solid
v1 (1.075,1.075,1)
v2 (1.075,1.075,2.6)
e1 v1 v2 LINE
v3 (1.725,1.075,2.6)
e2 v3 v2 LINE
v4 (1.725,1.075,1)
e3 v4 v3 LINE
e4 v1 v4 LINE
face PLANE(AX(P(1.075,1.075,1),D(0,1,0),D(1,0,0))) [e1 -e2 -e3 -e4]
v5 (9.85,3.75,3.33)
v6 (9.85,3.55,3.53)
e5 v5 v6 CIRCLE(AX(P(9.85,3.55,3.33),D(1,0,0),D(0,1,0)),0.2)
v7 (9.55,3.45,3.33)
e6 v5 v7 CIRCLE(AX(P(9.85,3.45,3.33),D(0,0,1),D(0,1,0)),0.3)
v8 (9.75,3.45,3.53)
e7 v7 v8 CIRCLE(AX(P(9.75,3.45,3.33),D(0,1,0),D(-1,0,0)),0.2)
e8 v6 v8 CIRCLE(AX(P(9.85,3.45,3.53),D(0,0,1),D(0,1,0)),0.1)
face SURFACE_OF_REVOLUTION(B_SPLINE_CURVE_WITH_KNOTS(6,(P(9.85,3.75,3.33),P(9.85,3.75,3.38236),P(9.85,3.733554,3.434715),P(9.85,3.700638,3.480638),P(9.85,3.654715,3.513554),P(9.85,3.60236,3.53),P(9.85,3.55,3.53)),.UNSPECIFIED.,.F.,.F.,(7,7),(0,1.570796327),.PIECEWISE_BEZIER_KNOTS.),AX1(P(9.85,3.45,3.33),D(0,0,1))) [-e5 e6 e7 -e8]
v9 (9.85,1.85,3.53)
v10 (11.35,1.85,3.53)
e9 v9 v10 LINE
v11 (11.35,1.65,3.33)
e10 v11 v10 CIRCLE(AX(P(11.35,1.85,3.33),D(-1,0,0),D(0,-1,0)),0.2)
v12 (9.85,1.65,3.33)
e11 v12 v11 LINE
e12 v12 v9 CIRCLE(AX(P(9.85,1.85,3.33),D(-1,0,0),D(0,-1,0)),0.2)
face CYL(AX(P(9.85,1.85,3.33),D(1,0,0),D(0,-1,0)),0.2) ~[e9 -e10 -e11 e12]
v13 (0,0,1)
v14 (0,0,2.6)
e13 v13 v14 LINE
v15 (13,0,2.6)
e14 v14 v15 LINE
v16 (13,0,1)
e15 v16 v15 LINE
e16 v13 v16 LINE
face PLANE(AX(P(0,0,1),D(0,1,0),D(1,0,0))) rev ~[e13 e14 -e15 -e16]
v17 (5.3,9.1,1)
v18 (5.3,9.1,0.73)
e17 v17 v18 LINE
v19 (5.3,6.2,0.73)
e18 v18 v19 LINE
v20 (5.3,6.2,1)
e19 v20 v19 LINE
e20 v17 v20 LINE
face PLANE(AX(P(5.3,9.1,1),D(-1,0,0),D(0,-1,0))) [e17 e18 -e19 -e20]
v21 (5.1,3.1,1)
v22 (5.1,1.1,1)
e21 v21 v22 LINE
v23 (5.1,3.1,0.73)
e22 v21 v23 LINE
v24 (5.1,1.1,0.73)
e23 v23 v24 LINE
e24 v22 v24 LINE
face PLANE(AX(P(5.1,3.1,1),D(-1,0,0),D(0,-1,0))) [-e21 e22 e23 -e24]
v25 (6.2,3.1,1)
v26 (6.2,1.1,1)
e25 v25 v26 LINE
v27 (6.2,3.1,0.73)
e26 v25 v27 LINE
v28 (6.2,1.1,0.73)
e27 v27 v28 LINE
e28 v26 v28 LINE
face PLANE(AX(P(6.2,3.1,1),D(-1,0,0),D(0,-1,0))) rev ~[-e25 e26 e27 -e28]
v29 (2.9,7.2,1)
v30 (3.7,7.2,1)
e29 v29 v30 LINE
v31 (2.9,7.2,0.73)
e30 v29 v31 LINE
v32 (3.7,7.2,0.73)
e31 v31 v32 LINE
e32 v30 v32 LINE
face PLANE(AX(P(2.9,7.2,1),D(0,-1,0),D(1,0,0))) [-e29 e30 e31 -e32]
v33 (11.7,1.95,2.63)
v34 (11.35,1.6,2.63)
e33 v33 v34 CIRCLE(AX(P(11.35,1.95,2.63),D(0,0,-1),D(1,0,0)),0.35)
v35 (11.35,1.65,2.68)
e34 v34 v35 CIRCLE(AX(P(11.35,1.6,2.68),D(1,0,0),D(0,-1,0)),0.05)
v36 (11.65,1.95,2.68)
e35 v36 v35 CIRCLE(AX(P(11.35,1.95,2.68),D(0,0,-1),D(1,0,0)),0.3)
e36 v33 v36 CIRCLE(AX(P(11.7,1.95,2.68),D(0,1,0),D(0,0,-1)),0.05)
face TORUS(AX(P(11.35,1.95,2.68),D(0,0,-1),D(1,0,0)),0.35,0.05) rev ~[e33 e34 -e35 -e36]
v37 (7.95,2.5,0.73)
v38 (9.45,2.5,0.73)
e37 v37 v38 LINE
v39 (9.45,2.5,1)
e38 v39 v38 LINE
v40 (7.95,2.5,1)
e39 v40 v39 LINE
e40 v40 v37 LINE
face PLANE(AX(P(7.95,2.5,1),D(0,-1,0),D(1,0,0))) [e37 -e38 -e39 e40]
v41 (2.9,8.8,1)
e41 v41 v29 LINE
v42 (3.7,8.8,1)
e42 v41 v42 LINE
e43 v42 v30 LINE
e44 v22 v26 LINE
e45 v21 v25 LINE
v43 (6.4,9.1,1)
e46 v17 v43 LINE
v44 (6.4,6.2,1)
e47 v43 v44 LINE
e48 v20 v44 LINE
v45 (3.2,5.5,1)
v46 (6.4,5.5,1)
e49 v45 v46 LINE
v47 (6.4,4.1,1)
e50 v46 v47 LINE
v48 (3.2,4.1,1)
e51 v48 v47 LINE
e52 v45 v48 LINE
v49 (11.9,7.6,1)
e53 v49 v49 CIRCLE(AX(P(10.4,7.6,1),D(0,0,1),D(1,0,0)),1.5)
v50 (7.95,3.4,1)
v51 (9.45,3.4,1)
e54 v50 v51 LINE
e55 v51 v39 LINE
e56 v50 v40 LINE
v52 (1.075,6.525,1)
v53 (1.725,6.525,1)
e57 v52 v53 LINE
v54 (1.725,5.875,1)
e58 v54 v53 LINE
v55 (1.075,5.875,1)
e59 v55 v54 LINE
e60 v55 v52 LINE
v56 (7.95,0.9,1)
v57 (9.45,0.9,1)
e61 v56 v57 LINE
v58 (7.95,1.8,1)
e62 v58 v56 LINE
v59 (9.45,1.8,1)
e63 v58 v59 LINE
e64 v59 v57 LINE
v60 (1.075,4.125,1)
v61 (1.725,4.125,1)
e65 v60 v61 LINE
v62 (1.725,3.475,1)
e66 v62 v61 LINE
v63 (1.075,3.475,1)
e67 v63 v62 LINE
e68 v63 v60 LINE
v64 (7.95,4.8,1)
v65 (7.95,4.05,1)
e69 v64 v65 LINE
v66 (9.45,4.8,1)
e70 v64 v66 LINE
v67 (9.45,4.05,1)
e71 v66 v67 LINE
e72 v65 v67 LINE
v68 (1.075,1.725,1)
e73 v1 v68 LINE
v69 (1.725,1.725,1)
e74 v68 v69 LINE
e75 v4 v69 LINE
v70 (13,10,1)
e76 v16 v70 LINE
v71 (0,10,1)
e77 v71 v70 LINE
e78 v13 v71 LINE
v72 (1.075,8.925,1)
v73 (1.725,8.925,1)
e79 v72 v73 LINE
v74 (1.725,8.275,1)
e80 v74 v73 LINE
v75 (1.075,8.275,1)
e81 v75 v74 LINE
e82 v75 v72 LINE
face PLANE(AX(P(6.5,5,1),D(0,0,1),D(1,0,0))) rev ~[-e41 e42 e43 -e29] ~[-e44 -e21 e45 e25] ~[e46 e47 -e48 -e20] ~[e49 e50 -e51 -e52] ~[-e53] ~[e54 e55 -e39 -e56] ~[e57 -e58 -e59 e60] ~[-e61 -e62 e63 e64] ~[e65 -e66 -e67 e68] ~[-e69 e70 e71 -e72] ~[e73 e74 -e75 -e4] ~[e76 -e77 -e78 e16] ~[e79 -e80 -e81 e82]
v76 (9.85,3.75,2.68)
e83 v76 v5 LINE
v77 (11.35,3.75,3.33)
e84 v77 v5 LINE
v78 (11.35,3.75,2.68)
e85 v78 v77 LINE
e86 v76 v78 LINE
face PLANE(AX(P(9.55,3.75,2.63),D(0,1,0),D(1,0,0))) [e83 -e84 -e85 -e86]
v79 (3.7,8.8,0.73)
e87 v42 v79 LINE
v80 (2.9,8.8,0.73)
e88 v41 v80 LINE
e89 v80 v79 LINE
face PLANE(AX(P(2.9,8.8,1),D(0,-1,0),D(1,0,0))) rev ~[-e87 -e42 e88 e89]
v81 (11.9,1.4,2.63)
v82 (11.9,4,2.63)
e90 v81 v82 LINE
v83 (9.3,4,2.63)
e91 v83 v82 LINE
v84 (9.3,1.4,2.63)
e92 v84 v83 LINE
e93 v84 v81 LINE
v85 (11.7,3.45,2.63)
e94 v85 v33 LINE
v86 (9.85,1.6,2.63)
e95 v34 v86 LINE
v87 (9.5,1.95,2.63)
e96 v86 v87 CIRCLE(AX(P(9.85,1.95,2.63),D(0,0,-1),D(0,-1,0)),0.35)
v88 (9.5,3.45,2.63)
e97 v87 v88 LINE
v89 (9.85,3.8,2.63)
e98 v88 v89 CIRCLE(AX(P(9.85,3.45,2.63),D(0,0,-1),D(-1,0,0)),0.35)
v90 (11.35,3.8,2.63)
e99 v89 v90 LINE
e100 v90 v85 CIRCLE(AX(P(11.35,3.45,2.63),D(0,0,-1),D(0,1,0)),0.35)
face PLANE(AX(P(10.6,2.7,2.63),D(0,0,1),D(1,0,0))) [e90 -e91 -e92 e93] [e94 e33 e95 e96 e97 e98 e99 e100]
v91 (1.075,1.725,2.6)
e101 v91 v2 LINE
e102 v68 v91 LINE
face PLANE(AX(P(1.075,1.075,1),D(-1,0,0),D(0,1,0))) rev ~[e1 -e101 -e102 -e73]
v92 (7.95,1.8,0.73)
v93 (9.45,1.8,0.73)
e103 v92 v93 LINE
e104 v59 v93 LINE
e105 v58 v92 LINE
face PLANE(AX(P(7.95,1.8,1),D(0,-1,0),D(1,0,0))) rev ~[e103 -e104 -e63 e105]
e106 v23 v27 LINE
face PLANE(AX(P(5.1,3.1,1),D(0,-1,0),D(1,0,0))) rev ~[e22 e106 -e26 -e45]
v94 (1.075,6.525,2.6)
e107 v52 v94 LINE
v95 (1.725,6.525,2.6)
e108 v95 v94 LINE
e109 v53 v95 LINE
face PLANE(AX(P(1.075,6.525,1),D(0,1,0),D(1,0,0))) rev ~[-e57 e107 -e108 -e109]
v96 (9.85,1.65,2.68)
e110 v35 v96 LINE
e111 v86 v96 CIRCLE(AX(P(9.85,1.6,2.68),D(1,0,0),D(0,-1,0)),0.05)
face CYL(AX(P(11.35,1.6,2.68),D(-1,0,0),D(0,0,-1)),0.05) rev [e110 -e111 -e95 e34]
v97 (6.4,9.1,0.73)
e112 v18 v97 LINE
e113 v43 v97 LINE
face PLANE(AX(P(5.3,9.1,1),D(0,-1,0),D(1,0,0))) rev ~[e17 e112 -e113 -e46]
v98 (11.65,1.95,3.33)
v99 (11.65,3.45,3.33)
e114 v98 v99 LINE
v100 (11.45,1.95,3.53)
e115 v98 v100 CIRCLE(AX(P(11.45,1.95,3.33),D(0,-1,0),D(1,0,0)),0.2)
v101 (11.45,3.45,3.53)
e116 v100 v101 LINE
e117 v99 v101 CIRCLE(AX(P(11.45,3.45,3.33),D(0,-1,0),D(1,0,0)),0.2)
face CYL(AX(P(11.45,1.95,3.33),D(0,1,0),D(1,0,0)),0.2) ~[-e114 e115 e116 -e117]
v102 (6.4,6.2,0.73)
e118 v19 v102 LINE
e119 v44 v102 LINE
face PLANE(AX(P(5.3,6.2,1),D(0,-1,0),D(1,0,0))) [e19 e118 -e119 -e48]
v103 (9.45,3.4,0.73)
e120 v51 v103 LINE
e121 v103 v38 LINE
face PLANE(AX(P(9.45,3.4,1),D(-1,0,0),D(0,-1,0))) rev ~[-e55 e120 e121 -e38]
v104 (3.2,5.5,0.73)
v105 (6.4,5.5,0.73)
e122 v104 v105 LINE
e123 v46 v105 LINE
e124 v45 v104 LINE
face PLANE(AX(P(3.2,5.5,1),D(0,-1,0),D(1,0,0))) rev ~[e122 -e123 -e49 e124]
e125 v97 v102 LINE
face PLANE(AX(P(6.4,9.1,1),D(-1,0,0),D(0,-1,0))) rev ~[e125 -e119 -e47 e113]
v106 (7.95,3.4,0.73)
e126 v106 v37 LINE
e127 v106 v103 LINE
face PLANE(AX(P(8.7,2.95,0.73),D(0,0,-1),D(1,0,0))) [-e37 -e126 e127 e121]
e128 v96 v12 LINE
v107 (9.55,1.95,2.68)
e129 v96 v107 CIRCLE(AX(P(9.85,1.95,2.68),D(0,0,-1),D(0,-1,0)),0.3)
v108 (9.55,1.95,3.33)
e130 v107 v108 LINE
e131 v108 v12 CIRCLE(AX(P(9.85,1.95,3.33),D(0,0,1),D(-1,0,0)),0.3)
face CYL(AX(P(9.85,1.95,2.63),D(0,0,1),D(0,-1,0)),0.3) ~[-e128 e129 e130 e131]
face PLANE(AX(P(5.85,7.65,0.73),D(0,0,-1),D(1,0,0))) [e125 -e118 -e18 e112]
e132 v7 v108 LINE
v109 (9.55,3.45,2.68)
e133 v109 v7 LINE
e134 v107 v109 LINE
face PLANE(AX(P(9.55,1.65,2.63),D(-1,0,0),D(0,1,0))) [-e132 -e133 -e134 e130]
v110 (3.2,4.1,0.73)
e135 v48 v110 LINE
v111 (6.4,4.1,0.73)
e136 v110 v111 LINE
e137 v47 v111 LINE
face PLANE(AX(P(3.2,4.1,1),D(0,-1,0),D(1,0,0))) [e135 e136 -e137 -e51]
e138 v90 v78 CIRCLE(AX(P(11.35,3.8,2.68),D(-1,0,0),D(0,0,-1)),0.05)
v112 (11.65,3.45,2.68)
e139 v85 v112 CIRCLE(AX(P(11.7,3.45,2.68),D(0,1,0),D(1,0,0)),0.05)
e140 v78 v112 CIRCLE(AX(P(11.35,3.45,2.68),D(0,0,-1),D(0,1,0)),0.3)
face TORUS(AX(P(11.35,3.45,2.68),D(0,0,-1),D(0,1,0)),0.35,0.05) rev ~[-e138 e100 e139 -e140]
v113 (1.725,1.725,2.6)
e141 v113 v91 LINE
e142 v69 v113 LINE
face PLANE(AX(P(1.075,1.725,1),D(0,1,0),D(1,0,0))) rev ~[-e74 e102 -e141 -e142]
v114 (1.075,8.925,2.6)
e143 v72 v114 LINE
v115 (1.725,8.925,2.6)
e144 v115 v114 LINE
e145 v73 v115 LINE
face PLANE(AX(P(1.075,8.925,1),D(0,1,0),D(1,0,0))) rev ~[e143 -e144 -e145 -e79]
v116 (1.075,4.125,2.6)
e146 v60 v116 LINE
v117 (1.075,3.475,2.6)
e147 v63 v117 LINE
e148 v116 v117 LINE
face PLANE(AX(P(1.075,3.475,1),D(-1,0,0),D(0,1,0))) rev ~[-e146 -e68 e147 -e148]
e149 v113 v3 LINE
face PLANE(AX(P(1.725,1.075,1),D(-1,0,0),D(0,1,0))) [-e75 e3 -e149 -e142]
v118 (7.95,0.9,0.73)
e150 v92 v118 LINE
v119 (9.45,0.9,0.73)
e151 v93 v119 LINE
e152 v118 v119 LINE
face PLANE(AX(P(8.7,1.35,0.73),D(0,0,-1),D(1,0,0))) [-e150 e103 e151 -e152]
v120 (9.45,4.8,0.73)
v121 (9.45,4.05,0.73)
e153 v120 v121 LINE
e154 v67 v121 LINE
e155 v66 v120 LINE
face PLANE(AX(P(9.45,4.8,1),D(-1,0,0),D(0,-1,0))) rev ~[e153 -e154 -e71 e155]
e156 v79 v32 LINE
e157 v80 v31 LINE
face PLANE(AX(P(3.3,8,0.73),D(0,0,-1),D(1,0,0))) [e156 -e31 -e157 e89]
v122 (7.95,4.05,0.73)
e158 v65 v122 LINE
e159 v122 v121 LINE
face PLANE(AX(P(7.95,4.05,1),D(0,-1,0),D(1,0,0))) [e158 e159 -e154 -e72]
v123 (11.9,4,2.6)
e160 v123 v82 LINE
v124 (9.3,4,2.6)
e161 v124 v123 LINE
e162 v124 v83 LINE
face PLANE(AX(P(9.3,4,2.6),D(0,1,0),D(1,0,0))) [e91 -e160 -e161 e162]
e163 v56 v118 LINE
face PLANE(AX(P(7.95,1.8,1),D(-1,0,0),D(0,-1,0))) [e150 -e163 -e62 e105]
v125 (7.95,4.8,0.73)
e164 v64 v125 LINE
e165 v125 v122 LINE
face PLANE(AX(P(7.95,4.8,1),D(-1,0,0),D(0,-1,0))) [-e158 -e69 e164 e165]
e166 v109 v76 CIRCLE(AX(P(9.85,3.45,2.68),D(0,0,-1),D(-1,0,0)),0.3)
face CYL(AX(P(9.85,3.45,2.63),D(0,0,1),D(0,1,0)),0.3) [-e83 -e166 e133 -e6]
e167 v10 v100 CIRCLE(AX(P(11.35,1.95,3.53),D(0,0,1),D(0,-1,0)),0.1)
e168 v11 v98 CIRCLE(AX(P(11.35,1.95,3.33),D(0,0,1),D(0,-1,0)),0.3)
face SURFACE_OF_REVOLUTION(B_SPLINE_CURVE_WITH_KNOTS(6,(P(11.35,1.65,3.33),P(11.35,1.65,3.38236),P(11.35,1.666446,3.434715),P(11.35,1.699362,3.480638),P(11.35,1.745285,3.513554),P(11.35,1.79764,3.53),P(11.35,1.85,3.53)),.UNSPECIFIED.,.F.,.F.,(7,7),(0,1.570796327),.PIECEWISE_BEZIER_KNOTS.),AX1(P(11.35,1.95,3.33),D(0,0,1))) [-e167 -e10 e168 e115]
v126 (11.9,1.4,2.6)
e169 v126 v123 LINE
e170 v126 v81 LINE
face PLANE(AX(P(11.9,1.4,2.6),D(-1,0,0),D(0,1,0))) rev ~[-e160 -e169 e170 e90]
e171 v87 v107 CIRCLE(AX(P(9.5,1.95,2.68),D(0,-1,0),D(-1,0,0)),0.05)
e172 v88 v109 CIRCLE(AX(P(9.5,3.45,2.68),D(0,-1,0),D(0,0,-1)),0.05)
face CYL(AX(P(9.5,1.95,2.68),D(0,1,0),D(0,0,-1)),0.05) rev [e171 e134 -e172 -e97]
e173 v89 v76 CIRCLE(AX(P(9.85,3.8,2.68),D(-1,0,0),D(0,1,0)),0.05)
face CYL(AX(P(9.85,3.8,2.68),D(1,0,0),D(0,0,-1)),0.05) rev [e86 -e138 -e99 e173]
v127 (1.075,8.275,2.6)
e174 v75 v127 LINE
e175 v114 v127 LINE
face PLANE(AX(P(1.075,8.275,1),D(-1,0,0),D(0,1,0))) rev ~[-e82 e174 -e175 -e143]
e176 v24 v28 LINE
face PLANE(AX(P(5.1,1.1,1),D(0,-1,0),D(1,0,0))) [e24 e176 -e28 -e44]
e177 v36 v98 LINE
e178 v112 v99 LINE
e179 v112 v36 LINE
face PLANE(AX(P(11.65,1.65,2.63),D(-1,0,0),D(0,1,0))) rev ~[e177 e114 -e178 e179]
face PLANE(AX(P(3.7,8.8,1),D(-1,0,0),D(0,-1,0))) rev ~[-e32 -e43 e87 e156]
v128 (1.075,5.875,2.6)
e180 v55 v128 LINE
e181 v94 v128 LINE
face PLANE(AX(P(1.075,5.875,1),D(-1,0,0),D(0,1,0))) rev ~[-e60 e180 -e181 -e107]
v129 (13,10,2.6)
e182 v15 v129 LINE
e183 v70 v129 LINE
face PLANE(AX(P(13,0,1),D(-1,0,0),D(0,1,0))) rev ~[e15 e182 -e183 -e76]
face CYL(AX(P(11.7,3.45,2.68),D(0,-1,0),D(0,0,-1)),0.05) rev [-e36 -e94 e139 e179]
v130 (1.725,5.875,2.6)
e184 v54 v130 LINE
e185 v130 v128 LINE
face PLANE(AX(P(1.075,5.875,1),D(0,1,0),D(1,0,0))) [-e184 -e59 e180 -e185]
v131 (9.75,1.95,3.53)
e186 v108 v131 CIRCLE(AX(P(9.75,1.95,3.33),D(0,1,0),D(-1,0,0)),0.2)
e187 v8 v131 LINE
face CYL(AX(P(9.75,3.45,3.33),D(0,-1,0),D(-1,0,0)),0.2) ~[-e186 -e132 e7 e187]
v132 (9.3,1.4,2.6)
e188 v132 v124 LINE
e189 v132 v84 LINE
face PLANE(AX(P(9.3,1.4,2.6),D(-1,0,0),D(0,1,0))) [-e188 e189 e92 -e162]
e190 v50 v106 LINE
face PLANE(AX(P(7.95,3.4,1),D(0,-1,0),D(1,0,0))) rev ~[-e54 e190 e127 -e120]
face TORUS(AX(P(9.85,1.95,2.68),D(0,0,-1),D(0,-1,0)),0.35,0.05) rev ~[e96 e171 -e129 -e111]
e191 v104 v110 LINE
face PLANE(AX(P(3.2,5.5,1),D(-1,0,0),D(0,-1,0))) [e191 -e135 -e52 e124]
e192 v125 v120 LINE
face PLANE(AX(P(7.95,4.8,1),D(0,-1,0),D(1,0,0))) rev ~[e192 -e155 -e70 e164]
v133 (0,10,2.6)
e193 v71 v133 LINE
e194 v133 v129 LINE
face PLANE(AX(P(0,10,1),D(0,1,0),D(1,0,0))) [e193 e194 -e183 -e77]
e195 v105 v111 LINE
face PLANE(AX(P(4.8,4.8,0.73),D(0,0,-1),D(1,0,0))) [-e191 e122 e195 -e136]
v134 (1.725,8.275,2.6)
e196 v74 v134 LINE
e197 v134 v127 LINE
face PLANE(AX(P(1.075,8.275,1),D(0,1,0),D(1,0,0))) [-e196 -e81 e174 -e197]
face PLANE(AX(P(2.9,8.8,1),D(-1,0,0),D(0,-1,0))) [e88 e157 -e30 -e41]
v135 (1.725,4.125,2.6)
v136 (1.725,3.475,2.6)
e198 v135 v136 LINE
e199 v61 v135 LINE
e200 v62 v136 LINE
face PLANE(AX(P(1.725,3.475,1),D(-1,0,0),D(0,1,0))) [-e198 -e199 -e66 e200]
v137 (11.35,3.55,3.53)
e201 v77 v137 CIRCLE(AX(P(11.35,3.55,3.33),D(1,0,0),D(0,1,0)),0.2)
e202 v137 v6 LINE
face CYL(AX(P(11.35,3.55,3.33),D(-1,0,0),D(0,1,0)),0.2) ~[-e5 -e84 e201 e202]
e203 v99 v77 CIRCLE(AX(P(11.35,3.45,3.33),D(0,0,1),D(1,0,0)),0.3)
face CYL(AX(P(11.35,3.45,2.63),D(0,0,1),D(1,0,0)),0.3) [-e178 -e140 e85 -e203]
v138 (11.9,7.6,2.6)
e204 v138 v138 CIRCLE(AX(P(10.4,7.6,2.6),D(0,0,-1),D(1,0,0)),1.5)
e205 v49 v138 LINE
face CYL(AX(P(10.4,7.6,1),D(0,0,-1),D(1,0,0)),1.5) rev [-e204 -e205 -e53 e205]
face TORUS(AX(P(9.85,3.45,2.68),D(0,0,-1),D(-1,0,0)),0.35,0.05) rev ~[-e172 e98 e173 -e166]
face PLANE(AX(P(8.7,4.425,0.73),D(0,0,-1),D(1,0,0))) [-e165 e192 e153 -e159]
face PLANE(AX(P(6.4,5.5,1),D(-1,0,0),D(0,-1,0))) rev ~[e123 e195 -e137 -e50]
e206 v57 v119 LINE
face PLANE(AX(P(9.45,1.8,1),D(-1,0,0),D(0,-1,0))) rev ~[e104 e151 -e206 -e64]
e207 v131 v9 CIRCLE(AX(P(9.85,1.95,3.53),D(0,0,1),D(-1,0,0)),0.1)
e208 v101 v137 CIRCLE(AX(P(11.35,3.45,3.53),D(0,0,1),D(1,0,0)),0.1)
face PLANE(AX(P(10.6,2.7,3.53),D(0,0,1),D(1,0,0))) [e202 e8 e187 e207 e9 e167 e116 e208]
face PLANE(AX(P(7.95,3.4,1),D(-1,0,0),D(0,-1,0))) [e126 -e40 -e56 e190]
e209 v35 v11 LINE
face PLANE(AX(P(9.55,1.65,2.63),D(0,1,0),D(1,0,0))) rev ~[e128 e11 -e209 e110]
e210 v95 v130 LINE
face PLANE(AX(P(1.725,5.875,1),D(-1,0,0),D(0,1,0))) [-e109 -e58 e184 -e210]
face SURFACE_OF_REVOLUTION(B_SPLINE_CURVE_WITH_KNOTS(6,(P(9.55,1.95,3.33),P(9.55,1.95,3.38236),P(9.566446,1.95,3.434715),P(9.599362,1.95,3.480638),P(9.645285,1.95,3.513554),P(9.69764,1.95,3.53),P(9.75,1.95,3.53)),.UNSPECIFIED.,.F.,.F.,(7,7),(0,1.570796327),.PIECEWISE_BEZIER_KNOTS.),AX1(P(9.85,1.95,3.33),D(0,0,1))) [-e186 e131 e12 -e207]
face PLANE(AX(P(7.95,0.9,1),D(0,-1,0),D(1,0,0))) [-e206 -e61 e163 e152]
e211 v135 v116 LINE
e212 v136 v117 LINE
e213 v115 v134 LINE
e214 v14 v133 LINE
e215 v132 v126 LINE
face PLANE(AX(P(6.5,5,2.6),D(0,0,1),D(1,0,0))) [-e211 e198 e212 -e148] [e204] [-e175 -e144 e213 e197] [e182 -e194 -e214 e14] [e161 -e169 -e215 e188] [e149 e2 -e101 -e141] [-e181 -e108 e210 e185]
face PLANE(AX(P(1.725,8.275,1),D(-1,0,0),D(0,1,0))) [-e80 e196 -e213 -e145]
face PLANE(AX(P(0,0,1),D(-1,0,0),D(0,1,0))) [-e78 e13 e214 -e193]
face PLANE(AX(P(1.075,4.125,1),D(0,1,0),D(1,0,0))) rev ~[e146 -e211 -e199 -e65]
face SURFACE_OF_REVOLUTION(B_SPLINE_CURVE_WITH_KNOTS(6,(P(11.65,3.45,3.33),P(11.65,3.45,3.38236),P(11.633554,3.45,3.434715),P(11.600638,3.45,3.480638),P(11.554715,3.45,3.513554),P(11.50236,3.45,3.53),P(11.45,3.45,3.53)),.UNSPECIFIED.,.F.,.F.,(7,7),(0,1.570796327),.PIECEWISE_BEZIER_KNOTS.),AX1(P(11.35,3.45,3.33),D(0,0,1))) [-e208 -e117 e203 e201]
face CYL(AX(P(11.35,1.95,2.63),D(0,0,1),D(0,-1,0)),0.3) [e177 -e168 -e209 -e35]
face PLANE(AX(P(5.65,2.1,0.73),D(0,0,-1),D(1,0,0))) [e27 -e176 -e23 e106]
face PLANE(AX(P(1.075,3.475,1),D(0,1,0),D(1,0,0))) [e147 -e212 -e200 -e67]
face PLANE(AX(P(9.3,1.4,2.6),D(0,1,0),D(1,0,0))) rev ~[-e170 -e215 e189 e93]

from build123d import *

# Parameters (mm, degrees)
SKETCH_W      = 13
SKETCH_H      = 10
PAD_DEPTH     = 1.6
SKETCH001_R   = 1.5
SKETCH001_W   = 0.65
SKETCH001_H   = 0.65
POCKET_DEPTH  = 5
SKETCH002_W   = 2.6
SKETCH002_H   = 2.6
PAD001_DEPTH  = 0.03
SKETCH003_W   = 2.1
SKETCH003_H   = 2.1
PAD002_DEPTH  = 0.9
FILLET_R      = 0.3
FILLET001_R   = 0.05
FILLET002_R   = 0.2
SKETCH004_W   = 1.1
SKETCH004_H   = 2
SKETCH004_W_2 = 1.5
SKETCH004_H_2 = 0.9
SKETCH004_H_3 = 0.75
SKETCH004_H_4 = 2.9
SKETCH004_W_3 = 3.2
SKETCH004_H_5 = 1.4
SKETCH004_W_4 = 0.8
SKETCH004_H_6 = 1.6
PAD003_DEPTH  = 0.27


with BuildPart() as part:
    # Sketch → Pad (new body)
    with BuildSketch(Plane.XY):
        with Locations((6.5, 5)):
            Rectangle(SKETCH_W, SKETCH_H)
    extrude(amount=PAD_DEPTH)

    # Sketch001 → Pocket (cut)
    with BuildSketch(Plane.XY):
        with Locations((10.4, 7.6)):
            Circle(SKETCH001_R)
        with Locations((1.4, 8.6)):
            Rectangle(SKETCH001_W, SKETCH001_H)
        with Locations((1.4, 6.2)):
            Rectangle(SKETCH001_W, SKETCH001_H)
        with Locations((1.4, 3.8)):
            Rectangle(SKETCH001_W, SKETCH001_H)
        with Locations((1.4, 1.4)):
            Rectangle(SKETCH001_W, SKETCH001_H)
    extrude(amount=POCKET_DEPTH, mode=Mode.SUBTRACT)

    # Sketch002 (on Face5 of Pocket) → Pad001 (join)
    with BuildSketch(Plane.XY.offset(1.6)):
        with Locations((10.6, 2.7)):
            Rectangle(SKETCH002_W, SKETCH002_H)
    extrude(amount=PAD001_DEPTH)

    # Sketch003 (on Face28 of Pad001) → Pad002 (join)
    with BuildSketch(Plane.XY.offset(1.63)):
        with Locations((10.6, 2.7)):
            Rectangle(SKETCH003_W, SKETCH003_H)
    extrude(amount=PAD002_DEPTH)

    # Fillet
    fillet_edges = [part.edges().sort_by_distance(p)[0] for p in [
        (9.55, 1.65, 2.08),
        (9.55, 3.75, 2.08),
        (11.65, 1.65, 2.08),
        (11.65, 3.75, 2.08),
    ]]
    fillet(fillet_edges, radius=FILLET_R)

    # Fillet001
    fillet001_edges = [part.edges().sort_by_distance(p)[0] for p in [
        (9.637868, 1.737868, 1.63),
    ]]
    fillet(fillet001_edges, radius=FILLET001_R)

    # Fillet002
    fillet002_edges = [part.edges().sort_by_distance(p)[0] for p in [
        (10.6, 1.65, 2.53),
    ]]
    fillet(fillet002_edges, radius=FILLET002_R)

    # Sketch004 (on Face53 of Fillet002) → Pad003 (join)
    with BuildSketch(Plane(origin=(0, 0, 0), x_dir=(1, 0, 0), z_dir=(0, 0, -1))):
        with Locations((5.65, -2.1)):
            Rectangle(SKETCH004_W, SKETCH004_H)
        with Locations((8.7, -1.35)):
            Rectangle(SKETCH004_W_2, SKETCH004_H_2)
        with Locations((8.7, -2.95)):
            Rectangle(SKETCH004_W_2, SKETCH004_H_2)
        with Locations((8.7, -4.425)):
            Rectangle(SKETCH004_W_2, SKETCH004_H_3)
        with Locations((5.85, -7.65)):
            Rectangle(SKETCH004_W, SKETCH004_H_4)
        with Locations((4.8, -4.8)):
            Rectangle(SKETCH004_W_3, SKETCH004_H_5)
        with Locations((3.3, -8)):
            Rectangle(SKETCH004_W_4, SKETCH004_H_6)
    extrude(amount=PAD003_DEPTH)


with BuildPart() as part_1:
    # Body placement: moved
    add(part.part.moved(Location((0, 0, 1))))


solid = part_1.part
